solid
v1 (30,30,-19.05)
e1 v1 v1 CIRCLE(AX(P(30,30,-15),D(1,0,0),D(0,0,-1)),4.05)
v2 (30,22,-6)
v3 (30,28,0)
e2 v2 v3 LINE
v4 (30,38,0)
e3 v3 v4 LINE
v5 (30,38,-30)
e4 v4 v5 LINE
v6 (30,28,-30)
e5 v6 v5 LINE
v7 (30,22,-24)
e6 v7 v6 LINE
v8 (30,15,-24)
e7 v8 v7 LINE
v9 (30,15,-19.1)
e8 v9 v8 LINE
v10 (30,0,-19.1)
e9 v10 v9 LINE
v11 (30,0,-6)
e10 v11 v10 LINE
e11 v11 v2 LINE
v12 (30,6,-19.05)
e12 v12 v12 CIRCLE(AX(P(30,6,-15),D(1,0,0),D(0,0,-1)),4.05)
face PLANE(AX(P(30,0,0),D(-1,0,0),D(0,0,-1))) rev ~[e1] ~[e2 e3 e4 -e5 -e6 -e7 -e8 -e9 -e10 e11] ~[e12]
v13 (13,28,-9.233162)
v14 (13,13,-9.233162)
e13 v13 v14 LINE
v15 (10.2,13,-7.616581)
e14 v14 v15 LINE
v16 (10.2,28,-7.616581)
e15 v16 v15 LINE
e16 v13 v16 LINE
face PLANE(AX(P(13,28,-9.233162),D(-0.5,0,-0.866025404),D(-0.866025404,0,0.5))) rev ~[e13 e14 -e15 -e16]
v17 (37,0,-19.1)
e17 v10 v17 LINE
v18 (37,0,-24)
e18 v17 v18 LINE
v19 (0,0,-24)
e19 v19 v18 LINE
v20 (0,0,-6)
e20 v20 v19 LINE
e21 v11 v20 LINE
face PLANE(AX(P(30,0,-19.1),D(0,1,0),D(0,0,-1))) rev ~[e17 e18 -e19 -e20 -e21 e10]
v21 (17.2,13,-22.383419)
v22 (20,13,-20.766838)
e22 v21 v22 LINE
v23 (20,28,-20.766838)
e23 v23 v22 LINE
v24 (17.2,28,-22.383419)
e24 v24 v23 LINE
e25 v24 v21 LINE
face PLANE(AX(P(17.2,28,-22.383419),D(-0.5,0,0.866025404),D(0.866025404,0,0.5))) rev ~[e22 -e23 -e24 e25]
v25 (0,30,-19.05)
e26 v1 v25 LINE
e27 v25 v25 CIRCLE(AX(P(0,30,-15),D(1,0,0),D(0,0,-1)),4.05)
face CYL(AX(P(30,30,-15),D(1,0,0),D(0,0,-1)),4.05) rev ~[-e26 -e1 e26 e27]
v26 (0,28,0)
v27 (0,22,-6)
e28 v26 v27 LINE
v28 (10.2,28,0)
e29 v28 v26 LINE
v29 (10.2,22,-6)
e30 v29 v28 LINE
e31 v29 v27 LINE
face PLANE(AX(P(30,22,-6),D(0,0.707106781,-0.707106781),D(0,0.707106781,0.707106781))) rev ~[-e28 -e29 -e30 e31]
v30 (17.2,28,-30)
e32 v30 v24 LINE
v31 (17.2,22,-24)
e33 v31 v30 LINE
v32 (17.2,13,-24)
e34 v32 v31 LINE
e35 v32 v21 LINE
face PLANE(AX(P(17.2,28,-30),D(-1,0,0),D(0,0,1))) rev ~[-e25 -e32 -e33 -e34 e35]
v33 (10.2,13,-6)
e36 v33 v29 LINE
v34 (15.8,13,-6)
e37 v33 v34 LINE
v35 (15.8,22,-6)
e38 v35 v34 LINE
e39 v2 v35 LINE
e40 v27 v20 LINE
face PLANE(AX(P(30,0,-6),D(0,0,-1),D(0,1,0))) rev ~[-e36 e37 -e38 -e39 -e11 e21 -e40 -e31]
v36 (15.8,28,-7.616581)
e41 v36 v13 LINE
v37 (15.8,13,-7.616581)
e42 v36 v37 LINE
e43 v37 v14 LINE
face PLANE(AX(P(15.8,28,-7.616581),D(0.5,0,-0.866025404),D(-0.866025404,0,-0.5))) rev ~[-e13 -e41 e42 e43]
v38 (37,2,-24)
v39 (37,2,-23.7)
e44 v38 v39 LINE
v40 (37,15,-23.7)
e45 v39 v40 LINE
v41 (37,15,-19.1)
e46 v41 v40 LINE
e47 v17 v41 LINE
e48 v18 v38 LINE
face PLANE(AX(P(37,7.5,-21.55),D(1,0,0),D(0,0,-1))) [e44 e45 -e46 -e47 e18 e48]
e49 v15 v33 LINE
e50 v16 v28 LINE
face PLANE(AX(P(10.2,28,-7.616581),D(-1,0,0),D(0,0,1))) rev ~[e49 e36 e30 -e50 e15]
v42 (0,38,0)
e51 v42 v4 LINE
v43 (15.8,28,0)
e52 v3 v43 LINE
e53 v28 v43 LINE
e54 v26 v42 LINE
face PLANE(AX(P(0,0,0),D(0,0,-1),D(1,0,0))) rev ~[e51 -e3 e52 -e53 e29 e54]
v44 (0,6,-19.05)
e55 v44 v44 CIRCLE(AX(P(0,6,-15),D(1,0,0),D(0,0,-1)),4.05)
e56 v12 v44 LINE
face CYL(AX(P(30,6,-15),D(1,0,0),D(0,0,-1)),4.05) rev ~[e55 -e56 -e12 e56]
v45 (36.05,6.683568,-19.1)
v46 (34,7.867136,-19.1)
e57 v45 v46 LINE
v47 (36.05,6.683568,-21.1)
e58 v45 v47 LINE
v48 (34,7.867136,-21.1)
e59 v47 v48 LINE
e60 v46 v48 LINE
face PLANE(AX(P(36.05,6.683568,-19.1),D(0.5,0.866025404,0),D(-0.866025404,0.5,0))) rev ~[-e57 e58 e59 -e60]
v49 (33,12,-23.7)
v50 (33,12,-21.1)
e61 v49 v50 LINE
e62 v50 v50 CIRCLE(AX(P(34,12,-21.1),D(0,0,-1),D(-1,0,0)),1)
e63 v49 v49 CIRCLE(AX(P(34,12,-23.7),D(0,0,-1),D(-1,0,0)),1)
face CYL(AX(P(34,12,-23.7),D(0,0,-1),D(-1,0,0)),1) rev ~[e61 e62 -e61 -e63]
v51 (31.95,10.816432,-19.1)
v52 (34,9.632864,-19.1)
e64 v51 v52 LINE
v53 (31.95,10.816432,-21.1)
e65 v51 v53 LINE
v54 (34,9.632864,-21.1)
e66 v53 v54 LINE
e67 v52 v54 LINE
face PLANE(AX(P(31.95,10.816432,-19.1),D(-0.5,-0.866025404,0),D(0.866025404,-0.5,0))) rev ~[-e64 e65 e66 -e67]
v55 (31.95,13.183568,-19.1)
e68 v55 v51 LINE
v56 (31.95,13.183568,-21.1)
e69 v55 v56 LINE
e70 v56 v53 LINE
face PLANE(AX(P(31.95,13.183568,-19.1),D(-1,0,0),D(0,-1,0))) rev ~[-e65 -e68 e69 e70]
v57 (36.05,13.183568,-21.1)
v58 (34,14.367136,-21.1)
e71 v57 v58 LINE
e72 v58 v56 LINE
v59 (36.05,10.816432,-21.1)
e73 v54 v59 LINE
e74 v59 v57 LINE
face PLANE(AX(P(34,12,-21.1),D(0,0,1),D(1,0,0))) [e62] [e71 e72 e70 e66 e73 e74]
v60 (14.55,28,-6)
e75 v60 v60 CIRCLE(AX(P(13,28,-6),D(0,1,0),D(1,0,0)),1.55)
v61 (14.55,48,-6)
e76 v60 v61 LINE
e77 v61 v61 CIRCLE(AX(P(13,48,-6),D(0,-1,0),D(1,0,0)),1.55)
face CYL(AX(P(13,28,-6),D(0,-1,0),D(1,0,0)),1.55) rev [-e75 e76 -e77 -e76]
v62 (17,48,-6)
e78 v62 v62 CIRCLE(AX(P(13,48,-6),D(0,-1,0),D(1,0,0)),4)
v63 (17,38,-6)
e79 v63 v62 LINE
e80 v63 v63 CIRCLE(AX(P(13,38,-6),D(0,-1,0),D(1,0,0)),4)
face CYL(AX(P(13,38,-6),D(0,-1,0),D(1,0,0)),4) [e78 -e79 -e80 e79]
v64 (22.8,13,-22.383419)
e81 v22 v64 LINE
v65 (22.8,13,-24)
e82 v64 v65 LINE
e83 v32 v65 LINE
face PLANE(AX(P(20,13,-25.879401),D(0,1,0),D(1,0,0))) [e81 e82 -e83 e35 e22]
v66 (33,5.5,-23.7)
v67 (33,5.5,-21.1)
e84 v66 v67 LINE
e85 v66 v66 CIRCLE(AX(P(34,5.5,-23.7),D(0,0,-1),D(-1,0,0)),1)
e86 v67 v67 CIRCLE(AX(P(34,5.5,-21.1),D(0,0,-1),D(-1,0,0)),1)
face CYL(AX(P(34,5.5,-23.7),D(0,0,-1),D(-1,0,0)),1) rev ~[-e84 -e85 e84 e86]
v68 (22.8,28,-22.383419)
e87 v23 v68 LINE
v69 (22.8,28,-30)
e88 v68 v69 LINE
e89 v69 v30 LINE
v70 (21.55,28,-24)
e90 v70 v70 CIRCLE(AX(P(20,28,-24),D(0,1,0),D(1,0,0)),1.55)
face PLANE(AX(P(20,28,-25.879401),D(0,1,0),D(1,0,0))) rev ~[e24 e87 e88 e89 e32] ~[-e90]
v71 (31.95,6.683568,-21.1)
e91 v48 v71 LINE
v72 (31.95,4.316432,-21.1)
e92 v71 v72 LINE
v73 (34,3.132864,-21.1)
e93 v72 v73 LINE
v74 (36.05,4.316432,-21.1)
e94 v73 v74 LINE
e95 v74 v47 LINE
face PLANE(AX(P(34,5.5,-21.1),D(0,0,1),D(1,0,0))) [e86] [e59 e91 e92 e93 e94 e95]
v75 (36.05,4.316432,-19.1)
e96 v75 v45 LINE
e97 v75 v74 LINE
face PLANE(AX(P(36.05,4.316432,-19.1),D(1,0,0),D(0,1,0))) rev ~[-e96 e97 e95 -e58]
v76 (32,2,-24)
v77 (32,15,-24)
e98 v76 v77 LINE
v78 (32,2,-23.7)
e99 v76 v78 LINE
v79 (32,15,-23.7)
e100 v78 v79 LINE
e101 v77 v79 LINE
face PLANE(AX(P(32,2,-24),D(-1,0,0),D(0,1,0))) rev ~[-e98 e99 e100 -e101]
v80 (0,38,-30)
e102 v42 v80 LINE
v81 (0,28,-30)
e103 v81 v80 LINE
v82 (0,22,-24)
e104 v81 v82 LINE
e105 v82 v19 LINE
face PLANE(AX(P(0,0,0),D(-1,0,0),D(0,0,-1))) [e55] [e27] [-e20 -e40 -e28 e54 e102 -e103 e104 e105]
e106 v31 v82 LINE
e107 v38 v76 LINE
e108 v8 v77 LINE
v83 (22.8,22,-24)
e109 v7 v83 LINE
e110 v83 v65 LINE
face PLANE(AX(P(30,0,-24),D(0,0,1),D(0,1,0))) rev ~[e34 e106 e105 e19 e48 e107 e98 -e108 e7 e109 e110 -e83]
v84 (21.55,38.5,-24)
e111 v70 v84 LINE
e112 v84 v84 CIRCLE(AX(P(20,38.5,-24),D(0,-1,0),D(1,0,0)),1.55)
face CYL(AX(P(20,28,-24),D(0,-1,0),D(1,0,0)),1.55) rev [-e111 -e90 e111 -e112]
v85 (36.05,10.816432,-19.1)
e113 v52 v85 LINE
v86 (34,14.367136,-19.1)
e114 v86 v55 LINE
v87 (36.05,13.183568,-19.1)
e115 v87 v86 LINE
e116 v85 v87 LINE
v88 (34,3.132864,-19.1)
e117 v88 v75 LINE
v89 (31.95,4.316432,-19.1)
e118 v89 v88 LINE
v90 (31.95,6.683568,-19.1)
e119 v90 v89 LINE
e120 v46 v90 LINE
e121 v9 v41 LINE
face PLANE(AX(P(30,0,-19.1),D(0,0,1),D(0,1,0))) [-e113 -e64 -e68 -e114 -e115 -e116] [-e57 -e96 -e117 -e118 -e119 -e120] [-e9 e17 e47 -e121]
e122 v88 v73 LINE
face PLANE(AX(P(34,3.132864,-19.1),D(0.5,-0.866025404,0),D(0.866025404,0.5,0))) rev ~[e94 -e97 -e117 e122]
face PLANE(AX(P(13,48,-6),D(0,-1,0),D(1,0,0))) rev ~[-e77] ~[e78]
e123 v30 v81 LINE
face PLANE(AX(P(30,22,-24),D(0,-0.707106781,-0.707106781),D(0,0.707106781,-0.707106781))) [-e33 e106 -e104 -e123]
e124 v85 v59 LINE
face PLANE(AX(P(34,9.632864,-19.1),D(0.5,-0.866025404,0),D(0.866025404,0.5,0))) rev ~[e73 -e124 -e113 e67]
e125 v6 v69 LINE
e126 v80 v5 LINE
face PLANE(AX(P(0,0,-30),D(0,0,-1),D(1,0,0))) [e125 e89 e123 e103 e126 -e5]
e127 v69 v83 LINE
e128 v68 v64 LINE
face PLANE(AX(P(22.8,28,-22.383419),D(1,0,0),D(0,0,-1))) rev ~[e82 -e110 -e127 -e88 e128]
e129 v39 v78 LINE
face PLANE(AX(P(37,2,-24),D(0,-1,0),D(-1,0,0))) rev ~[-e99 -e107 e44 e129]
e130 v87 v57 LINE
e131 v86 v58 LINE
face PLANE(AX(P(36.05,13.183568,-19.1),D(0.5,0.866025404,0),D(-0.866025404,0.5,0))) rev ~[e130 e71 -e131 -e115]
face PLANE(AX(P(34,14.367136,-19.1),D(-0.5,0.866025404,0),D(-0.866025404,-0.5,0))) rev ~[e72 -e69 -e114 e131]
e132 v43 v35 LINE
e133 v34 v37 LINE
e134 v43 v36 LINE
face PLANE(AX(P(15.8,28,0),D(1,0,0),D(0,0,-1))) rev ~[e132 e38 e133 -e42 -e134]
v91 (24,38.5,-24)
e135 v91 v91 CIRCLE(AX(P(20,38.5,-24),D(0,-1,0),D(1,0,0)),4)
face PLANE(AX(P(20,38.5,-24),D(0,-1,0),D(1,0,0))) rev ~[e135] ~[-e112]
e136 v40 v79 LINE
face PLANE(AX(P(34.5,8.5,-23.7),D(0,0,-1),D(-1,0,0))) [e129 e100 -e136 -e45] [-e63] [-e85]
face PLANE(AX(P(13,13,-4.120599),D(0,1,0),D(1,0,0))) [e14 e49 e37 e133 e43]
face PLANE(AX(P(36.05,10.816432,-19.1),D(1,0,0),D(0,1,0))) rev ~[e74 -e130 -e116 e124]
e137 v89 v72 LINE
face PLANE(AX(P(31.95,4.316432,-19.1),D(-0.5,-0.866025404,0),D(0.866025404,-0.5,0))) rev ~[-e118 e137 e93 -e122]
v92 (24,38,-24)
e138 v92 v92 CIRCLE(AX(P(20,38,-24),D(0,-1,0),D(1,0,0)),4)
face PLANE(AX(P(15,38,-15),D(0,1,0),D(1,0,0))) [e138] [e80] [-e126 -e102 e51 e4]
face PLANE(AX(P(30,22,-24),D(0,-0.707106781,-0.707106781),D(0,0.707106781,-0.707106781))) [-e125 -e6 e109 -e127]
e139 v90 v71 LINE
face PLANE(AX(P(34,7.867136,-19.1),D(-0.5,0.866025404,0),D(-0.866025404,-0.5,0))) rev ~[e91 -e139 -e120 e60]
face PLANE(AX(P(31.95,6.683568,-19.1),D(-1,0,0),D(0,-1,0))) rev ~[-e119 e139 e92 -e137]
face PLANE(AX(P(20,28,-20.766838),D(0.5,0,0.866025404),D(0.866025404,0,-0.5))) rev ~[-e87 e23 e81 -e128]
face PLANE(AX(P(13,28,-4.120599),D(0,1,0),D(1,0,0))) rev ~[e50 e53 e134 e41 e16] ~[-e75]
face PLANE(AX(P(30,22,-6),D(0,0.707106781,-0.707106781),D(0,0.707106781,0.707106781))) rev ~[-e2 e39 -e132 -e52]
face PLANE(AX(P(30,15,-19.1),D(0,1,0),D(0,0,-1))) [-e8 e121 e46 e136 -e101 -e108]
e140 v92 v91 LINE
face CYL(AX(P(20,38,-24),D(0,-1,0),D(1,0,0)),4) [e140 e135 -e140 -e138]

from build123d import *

# Parameters (mm, degrees)
SKETCH_1_W          = 30
SKETCH_1_H          = 30
EXTRUDE_1_DEPTH     = 38
SKETCH_3_R          = 4
EXTRUDE_3_DEPTH     = 0.5
SKETCH_7_R          = 4
EXTRUDE_4_DEPTH     = 10
SKETCH_6_R          = 4.05
CUT_EXTRUDE_3_DEPTH = 31
SKETCH_9_R          = 1.55
CUT_EXTRUDE_4_DEPTH = 21
CUT_EXTRUDE_6_DEPTH = 31
CUT_EXTRUDE_5_DEPTH = 15
SKETCH_12_W         = 4.9
SKETCH_12_H         = 15
EXTRUDE_5_DEPTH     = 7
SKETCH_13_W         = 5
SKETCH_13_H         = 13
CUT_EXTRUDE_7_DEPTH = 0.3
SKETCH_14_R         = 1
CUT_EXTRUDE_8_DEPTH = 24.7
CUT_EXTRUDE_9_DEPTH = 2


with BuildPart() as part:
    # 草图1 → 凸台-拉伸1 (new body)
    with BuildSketch(Plane(origin=(0, 0, 0), x_dir=(1, 0, 0), z_dir=(0, 1, 0))):
        with Locations((15, 15)):
            Rectangle(SKETCH_1_W, SKETCH_1_H)
    extrude(amount=EXTRUDE_1_DEPTH)

    # 草图3 → 凸台-拉伸3 (add)
    with BuildSketch(Plane(origin=(0, 38, -50), x_dir=(1, 0, 0), z_dir=(0, -1, 0))):
        with Locations((20, 26)):
            Circle(SKETCH_3_R)
    extrude(amount=-EXTRUDE_3_DEPTH)

    # 草图7 → 凸台-拉伸4 (add)
    with BuildSketch(Plane.XZ.offset(-38)):
        with Locations((13, -6)):
            Circle(SKETCH_7_R)
    extrude(amount=-EXTRUDE_4_DEPTH)

    # 草图6 → 切除-拉伸3 (cut, through all)
    with BuildSketch(Plane(origin=(30, 0, 0), x_dir=(0, 0, -1), z_dir=(1, 0, 0))):
        with Locations((15, 6)):
            Circle(SKETCH_6_R)
        with Locations((15, 30)):
            Circle(SKETCH_6_R)
    extrude(amount=-CUT_EXTRUDE_3_DEPTH, mode=Mode.SUBTRACT)

    # 草图9 → 切除-拉伸4 (cut, through all)
    with BuildSketch(Plane(origin=(0, 28, 0), x_dir=(1, 0, 0), z_dir=(0, 1, 0))):
        with Locations((13, 6)):
            Circle(SKETCH_9_R)
        with Locations((20, 24)):
            Circle(SKETCH_9_R)
    extrude(amount=CUT_EXTRUDE_4_DEPTH, mode=Mode.SUBTRACT)

    # 草图11 → 切除-拉伸6 (cut, through all)
    with BuildSketch(Plane(origin=(30, 0, 0), x_dir=(0, 0, -1), z_dir=(1, 0, 0))):
        Polygon((6, 0), (6, 22), (0, 28), (0, 0), align=None)
        Polygon((24, 0), (24, 22), (30, 28), (30, 0), align=None)
    extrude(amount=-CUT_EXTRUDE_6_DEPTH, mode=Mode.SUBTRACT)

    # 草图10 → 切除-拉伸5 (cut)
    with BuildSketch(Plane(origin=(0, 28, 0), x_dir=(1, 0, 0), z_dir=(0, 1, 0))):
        Polygon((15.8, 0), (15.8, 7.616580754), (13, 9.233161507), (10.2, 7.616580754), (10.2, 0), align=None)
        Polygon((20, 20.766838493), (22.8, 22.383419246), (22.8, 30), (17.2, 30), (17.2, 22.383419246), align=None)
    extrude(amount=-CUT_EXTRUDE_5_DEPTH, mode=Mode.SUBTRACT)

    # 草图12 → 凸台-拉伸5 (add)
    with BuildSketch(Plane(origin=(30, 0, 0), x_dir=(0, 0, -1), z_dir=(1, 0, 0))):
        with Locations((21.55, 7.5)):
            Rectangle(SKETCH_12_W, SKETCH_12_H)
    extrude(amount=EXTRUDE_5_DEPTH)

    # 草图13 → 切除-拉伸7 (cut)
    with BuildSketch(Plane(origin=(0, 0, -24), x_dir=(-1, 0, 0), z_dir=(0, 0, -1))):
        with Locations((-34.5, 8.5)):
            Rectangle(SKETCH_13_W, SKETCH_13_H)
    extrude(amount=-CUT_EXTRUDE_7_DEPTH, mode=Mode.SUBTRACT)

    # 草图14 → 切除-拉伸8 (cut, through all)
    with BuildSketch(Plane(origin=(0, 0, -23.7), x_dir=(-1, 0, 0), z_dir=(0, 0, -1))):
        with Locations((-34, 12)):
            Circle(SKETCH_14_R)
        with Locations((-34, 5.5)):
            Circle(SKETCH_14_R)
    extrude(amount=-CUT_EXTRUDE_8_DEPTH, mode=Mode.SUBTRACT)

    # 草图15 → 切除-拉伸9 (cut)
    with BuildSketch(Plane.XY.offset(-19.1)):
        Polygon((36.05, 10.816431948), (36.05, 13.183568052), (34, 14.367136104), (31.95, 13.183568052), (31.95, 10.816431948), (34, 9.632863896), align=None)
        Polygon((34, 3.132863896), (36.05, 4.316431948), (36.05, 6.683568052), (34, 7.867136104), (31.95, 6.683568052), (31.95, 4.316431948), align=None)
    extrude(amount=-CUT_EXTRUDE_9_DEPTH, mode=Mode.SUBTRACT)


solid = part.part
